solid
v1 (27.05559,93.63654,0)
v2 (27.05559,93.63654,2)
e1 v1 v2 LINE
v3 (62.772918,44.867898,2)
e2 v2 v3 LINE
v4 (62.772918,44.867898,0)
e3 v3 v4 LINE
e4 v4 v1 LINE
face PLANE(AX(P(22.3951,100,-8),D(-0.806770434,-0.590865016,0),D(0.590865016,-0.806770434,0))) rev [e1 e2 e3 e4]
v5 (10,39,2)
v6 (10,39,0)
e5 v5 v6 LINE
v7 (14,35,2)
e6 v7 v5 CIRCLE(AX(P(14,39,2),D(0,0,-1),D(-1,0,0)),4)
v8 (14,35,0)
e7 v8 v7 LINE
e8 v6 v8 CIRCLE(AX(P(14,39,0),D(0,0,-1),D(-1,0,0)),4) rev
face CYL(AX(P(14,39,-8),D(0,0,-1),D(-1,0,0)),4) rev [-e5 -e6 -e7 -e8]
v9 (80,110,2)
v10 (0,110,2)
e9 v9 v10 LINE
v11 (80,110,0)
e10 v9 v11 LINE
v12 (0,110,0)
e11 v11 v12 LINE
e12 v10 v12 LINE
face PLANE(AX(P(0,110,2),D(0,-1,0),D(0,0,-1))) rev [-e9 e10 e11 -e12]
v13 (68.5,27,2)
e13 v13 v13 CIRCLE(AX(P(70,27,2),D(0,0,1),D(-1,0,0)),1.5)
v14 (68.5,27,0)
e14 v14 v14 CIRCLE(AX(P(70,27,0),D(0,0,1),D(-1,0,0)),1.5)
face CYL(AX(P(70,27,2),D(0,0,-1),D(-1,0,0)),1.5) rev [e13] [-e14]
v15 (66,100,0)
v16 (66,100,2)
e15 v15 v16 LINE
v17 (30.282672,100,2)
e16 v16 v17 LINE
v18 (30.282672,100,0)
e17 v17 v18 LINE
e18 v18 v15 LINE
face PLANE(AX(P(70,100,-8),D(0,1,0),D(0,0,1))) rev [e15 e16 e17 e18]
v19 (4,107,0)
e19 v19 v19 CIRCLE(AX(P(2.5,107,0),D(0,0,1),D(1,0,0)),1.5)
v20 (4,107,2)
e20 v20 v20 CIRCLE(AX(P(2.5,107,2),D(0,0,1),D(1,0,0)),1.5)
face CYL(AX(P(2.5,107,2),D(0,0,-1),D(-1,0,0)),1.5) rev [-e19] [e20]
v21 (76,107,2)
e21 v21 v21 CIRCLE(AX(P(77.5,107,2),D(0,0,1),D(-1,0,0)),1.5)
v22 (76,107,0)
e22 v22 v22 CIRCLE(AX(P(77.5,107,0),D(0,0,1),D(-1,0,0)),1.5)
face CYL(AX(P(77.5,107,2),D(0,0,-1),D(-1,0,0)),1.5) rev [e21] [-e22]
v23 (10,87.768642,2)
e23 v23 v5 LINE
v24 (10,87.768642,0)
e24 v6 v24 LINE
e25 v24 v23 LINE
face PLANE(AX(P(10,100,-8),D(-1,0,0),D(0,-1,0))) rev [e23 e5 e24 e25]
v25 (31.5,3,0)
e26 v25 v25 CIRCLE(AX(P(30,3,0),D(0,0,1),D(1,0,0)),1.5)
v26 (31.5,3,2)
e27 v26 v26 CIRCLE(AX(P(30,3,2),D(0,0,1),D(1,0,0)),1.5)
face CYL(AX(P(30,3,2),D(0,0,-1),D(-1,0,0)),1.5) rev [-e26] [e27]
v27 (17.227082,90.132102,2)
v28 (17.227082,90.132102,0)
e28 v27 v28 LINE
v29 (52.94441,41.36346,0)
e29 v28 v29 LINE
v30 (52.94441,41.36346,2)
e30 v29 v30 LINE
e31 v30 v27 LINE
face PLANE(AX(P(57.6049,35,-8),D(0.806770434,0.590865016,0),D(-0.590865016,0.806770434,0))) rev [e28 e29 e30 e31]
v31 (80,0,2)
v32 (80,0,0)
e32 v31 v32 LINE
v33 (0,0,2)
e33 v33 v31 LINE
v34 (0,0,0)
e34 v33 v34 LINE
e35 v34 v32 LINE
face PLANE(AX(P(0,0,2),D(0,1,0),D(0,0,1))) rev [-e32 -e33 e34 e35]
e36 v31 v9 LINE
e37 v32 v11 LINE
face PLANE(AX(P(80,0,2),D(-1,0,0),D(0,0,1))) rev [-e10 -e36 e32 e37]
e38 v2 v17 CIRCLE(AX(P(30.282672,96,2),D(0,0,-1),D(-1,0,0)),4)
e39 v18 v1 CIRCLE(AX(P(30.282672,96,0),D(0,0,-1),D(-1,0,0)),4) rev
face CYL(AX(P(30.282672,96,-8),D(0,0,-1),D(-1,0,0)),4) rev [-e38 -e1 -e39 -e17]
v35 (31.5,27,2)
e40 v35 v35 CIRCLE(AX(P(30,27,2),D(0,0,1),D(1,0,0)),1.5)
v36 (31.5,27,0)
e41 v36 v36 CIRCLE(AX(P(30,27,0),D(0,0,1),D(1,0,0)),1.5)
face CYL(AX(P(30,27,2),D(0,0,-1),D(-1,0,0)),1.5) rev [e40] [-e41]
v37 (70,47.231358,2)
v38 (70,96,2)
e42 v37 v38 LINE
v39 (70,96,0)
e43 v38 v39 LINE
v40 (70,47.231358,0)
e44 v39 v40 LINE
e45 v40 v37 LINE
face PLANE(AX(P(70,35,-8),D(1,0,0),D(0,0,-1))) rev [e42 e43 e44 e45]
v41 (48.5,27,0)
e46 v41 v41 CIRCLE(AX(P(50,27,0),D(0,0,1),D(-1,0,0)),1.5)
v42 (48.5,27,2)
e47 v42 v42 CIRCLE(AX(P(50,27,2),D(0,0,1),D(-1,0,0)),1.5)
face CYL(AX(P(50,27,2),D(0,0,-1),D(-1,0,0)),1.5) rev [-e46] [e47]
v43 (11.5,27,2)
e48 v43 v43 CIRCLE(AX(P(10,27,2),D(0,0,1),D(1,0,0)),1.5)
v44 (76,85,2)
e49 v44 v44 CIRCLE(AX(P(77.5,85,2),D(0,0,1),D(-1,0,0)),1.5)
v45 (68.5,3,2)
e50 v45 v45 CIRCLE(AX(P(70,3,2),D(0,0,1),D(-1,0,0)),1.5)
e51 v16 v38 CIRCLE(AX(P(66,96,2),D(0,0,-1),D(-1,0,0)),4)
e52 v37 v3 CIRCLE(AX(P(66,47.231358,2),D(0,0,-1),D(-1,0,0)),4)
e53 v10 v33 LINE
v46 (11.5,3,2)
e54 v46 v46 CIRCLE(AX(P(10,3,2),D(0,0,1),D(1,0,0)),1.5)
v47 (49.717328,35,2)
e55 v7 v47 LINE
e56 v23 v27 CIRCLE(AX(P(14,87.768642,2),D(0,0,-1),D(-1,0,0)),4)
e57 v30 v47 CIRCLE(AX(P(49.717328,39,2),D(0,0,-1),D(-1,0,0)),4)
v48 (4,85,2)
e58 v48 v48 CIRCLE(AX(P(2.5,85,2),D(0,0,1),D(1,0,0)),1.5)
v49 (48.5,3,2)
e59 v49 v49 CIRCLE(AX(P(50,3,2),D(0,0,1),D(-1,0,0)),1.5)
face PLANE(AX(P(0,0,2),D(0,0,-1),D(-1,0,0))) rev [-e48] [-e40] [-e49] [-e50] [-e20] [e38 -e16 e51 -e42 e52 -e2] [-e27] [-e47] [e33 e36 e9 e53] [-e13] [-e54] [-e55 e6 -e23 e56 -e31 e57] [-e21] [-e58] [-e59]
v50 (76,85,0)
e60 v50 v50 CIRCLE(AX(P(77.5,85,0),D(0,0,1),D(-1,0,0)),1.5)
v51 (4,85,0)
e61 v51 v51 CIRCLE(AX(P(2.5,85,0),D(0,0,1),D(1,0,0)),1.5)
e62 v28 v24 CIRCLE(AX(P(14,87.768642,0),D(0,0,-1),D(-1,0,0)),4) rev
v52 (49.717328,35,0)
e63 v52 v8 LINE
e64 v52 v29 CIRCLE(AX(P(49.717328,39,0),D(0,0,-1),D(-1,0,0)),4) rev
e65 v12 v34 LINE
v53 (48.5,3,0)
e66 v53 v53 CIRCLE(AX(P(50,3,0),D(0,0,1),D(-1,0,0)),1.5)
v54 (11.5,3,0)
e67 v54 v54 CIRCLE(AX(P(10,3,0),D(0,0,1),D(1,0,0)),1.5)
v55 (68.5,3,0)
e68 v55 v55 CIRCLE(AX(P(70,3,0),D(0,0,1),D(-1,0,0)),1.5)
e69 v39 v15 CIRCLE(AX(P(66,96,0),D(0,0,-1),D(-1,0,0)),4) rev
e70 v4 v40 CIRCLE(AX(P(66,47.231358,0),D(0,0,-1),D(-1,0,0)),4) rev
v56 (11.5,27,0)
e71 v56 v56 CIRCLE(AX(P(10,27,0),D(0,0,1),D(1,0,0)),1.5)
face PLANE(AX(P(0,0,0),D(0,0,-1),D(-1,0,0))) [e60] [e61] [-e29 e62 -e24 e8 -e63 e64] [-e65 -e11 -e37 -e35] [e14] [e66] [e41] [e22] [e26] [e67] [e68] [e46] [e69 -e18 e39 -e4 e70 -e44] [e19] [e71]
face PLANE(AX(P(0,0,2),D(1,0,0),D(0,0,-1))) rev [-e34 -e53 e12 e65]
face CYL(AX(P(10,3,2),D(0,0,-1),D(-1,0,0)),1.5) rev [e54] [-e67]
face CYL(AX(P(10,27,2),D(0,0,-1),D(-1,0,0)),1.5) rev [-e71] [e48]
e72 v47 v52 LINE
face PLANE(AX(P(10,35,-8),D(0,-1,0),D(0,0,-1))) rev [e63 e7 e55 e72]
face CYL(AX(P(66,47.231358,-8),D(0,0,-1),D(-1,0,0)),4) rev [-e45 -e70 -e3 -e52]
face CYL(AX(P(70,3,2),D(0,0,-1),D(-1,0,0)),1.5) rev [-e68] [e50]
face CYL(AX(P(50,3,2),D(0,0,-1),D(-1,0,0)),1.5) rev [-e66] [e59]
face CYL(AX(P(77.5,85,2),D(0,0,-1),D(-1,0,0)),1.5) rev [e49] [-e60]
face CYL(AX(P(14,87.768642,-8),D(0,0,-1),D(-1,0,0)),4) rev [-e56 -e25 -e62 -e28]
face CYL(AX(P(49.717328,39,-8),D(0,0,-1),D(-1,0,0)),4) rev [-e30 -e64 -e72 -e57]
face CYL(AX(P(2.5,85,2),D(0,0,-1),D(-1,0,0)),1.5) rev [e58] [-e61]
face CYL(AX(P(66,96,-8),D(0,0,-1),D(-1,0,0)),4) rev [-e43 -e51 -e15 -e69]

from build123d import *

# Parameters (mm, degrees)
SKETCH_1_W          = 80
SKETCH_1_H          = 110
SKETCH_1_R          = 1.5
EXTRUDE_1_DEPTH     = 2
CUT_EXTRUDE_1_DEPTH = 10
FILLET_1_R          = 4


with BuildPart() as part:
    # 草图1 → 凸台-拉伸1 (new body)
    with BuildSketch(Plane.XY):
        with Locations((40, 55)):
            Rectangle(SKETCH_1_W, SKETCH_1_H)
        with Locations((10, 3)):
            Circle(SKETCH_1_R, mode=Mode.SUBTRACT)
        with Locations((30, 3)):
            Circle(SKETCH_1_R, mode=Mode.SUBTRACT)
        with Locations(Location((50, 3, 0), (0, 0, 180))):
            Circle(SKETCH_1_R, mode=Mode.SUBTRACT)
        with Locations(Location((70, 3, 0), (0, 0, 180))):
            Circle(SKETCH_1_R, mode=Mode.SUBTRACT)
        with Locations((2.5, 107)):
            Circle(SKETCH_1_R, mode=Mode.SUBTRACT)
        with Locations((2.5, 85)):
            Circle(SKETCH_1_R, mode=Mode.SUBTRACT)
        with Locations(Location((77.5, 85, 0), (0, 0, 180))):
            Circle(SKETCH_1_R, mode=Mode.SUBTRACT)
        with Locations(Location((77.5, 107, 0), (0, 0, 180))):
            Circle(SKETCH_1_R, mode=Mode.SUBTRACT)
        with Locations((10, 27)):
            Circle(SKETCH_1_R, mode=Mode.SUBTRACT)
        with Locations((30, 27)):
            Circle(SKETCH_1_R, mode=Mode.SUBTRACT)
        with Locations(Location((50, 27, 0), (0, 0, 180))):
            Circle(SKETCH_1_R, mode=Mode.SUBTRACT)
        with Locations(Location((70, 27, 0), (0, 0, 180))):
            Circle(SKETCH_1_R, mode=Mode.SUBTRACT)
    extrude(amount=EXTRUDE_1_DEPTH)

    # 草图3 → 切除-拉伸1 (cut)
    with BuildSketch(Plane.XY.offset(2)):
        Polygon((10, 100), (10, 35), (57.604900254, 35), align=None)
        Polygon((22.395099746, 100), (70, 35), (70, 100), align=None)
    extrude(amount=-CUT_EXTRUDE_1_DEPTH, mode=Mode.SUBTRACT)

    # 圆角1
    fillet_1_edges = [part.edges().sort_by_distance(p)[0] for p in [
        (22.395099746, 100, 1),
        (70, 100, 1),
        (70, 35, 1),
        (10, 100, 1),
        (57.604900254, 35, 1),
        (10, 35, 1),
    ]]
    fillet(fillet_1_edges, radius=FILLET_1_R)


solid = part.part
